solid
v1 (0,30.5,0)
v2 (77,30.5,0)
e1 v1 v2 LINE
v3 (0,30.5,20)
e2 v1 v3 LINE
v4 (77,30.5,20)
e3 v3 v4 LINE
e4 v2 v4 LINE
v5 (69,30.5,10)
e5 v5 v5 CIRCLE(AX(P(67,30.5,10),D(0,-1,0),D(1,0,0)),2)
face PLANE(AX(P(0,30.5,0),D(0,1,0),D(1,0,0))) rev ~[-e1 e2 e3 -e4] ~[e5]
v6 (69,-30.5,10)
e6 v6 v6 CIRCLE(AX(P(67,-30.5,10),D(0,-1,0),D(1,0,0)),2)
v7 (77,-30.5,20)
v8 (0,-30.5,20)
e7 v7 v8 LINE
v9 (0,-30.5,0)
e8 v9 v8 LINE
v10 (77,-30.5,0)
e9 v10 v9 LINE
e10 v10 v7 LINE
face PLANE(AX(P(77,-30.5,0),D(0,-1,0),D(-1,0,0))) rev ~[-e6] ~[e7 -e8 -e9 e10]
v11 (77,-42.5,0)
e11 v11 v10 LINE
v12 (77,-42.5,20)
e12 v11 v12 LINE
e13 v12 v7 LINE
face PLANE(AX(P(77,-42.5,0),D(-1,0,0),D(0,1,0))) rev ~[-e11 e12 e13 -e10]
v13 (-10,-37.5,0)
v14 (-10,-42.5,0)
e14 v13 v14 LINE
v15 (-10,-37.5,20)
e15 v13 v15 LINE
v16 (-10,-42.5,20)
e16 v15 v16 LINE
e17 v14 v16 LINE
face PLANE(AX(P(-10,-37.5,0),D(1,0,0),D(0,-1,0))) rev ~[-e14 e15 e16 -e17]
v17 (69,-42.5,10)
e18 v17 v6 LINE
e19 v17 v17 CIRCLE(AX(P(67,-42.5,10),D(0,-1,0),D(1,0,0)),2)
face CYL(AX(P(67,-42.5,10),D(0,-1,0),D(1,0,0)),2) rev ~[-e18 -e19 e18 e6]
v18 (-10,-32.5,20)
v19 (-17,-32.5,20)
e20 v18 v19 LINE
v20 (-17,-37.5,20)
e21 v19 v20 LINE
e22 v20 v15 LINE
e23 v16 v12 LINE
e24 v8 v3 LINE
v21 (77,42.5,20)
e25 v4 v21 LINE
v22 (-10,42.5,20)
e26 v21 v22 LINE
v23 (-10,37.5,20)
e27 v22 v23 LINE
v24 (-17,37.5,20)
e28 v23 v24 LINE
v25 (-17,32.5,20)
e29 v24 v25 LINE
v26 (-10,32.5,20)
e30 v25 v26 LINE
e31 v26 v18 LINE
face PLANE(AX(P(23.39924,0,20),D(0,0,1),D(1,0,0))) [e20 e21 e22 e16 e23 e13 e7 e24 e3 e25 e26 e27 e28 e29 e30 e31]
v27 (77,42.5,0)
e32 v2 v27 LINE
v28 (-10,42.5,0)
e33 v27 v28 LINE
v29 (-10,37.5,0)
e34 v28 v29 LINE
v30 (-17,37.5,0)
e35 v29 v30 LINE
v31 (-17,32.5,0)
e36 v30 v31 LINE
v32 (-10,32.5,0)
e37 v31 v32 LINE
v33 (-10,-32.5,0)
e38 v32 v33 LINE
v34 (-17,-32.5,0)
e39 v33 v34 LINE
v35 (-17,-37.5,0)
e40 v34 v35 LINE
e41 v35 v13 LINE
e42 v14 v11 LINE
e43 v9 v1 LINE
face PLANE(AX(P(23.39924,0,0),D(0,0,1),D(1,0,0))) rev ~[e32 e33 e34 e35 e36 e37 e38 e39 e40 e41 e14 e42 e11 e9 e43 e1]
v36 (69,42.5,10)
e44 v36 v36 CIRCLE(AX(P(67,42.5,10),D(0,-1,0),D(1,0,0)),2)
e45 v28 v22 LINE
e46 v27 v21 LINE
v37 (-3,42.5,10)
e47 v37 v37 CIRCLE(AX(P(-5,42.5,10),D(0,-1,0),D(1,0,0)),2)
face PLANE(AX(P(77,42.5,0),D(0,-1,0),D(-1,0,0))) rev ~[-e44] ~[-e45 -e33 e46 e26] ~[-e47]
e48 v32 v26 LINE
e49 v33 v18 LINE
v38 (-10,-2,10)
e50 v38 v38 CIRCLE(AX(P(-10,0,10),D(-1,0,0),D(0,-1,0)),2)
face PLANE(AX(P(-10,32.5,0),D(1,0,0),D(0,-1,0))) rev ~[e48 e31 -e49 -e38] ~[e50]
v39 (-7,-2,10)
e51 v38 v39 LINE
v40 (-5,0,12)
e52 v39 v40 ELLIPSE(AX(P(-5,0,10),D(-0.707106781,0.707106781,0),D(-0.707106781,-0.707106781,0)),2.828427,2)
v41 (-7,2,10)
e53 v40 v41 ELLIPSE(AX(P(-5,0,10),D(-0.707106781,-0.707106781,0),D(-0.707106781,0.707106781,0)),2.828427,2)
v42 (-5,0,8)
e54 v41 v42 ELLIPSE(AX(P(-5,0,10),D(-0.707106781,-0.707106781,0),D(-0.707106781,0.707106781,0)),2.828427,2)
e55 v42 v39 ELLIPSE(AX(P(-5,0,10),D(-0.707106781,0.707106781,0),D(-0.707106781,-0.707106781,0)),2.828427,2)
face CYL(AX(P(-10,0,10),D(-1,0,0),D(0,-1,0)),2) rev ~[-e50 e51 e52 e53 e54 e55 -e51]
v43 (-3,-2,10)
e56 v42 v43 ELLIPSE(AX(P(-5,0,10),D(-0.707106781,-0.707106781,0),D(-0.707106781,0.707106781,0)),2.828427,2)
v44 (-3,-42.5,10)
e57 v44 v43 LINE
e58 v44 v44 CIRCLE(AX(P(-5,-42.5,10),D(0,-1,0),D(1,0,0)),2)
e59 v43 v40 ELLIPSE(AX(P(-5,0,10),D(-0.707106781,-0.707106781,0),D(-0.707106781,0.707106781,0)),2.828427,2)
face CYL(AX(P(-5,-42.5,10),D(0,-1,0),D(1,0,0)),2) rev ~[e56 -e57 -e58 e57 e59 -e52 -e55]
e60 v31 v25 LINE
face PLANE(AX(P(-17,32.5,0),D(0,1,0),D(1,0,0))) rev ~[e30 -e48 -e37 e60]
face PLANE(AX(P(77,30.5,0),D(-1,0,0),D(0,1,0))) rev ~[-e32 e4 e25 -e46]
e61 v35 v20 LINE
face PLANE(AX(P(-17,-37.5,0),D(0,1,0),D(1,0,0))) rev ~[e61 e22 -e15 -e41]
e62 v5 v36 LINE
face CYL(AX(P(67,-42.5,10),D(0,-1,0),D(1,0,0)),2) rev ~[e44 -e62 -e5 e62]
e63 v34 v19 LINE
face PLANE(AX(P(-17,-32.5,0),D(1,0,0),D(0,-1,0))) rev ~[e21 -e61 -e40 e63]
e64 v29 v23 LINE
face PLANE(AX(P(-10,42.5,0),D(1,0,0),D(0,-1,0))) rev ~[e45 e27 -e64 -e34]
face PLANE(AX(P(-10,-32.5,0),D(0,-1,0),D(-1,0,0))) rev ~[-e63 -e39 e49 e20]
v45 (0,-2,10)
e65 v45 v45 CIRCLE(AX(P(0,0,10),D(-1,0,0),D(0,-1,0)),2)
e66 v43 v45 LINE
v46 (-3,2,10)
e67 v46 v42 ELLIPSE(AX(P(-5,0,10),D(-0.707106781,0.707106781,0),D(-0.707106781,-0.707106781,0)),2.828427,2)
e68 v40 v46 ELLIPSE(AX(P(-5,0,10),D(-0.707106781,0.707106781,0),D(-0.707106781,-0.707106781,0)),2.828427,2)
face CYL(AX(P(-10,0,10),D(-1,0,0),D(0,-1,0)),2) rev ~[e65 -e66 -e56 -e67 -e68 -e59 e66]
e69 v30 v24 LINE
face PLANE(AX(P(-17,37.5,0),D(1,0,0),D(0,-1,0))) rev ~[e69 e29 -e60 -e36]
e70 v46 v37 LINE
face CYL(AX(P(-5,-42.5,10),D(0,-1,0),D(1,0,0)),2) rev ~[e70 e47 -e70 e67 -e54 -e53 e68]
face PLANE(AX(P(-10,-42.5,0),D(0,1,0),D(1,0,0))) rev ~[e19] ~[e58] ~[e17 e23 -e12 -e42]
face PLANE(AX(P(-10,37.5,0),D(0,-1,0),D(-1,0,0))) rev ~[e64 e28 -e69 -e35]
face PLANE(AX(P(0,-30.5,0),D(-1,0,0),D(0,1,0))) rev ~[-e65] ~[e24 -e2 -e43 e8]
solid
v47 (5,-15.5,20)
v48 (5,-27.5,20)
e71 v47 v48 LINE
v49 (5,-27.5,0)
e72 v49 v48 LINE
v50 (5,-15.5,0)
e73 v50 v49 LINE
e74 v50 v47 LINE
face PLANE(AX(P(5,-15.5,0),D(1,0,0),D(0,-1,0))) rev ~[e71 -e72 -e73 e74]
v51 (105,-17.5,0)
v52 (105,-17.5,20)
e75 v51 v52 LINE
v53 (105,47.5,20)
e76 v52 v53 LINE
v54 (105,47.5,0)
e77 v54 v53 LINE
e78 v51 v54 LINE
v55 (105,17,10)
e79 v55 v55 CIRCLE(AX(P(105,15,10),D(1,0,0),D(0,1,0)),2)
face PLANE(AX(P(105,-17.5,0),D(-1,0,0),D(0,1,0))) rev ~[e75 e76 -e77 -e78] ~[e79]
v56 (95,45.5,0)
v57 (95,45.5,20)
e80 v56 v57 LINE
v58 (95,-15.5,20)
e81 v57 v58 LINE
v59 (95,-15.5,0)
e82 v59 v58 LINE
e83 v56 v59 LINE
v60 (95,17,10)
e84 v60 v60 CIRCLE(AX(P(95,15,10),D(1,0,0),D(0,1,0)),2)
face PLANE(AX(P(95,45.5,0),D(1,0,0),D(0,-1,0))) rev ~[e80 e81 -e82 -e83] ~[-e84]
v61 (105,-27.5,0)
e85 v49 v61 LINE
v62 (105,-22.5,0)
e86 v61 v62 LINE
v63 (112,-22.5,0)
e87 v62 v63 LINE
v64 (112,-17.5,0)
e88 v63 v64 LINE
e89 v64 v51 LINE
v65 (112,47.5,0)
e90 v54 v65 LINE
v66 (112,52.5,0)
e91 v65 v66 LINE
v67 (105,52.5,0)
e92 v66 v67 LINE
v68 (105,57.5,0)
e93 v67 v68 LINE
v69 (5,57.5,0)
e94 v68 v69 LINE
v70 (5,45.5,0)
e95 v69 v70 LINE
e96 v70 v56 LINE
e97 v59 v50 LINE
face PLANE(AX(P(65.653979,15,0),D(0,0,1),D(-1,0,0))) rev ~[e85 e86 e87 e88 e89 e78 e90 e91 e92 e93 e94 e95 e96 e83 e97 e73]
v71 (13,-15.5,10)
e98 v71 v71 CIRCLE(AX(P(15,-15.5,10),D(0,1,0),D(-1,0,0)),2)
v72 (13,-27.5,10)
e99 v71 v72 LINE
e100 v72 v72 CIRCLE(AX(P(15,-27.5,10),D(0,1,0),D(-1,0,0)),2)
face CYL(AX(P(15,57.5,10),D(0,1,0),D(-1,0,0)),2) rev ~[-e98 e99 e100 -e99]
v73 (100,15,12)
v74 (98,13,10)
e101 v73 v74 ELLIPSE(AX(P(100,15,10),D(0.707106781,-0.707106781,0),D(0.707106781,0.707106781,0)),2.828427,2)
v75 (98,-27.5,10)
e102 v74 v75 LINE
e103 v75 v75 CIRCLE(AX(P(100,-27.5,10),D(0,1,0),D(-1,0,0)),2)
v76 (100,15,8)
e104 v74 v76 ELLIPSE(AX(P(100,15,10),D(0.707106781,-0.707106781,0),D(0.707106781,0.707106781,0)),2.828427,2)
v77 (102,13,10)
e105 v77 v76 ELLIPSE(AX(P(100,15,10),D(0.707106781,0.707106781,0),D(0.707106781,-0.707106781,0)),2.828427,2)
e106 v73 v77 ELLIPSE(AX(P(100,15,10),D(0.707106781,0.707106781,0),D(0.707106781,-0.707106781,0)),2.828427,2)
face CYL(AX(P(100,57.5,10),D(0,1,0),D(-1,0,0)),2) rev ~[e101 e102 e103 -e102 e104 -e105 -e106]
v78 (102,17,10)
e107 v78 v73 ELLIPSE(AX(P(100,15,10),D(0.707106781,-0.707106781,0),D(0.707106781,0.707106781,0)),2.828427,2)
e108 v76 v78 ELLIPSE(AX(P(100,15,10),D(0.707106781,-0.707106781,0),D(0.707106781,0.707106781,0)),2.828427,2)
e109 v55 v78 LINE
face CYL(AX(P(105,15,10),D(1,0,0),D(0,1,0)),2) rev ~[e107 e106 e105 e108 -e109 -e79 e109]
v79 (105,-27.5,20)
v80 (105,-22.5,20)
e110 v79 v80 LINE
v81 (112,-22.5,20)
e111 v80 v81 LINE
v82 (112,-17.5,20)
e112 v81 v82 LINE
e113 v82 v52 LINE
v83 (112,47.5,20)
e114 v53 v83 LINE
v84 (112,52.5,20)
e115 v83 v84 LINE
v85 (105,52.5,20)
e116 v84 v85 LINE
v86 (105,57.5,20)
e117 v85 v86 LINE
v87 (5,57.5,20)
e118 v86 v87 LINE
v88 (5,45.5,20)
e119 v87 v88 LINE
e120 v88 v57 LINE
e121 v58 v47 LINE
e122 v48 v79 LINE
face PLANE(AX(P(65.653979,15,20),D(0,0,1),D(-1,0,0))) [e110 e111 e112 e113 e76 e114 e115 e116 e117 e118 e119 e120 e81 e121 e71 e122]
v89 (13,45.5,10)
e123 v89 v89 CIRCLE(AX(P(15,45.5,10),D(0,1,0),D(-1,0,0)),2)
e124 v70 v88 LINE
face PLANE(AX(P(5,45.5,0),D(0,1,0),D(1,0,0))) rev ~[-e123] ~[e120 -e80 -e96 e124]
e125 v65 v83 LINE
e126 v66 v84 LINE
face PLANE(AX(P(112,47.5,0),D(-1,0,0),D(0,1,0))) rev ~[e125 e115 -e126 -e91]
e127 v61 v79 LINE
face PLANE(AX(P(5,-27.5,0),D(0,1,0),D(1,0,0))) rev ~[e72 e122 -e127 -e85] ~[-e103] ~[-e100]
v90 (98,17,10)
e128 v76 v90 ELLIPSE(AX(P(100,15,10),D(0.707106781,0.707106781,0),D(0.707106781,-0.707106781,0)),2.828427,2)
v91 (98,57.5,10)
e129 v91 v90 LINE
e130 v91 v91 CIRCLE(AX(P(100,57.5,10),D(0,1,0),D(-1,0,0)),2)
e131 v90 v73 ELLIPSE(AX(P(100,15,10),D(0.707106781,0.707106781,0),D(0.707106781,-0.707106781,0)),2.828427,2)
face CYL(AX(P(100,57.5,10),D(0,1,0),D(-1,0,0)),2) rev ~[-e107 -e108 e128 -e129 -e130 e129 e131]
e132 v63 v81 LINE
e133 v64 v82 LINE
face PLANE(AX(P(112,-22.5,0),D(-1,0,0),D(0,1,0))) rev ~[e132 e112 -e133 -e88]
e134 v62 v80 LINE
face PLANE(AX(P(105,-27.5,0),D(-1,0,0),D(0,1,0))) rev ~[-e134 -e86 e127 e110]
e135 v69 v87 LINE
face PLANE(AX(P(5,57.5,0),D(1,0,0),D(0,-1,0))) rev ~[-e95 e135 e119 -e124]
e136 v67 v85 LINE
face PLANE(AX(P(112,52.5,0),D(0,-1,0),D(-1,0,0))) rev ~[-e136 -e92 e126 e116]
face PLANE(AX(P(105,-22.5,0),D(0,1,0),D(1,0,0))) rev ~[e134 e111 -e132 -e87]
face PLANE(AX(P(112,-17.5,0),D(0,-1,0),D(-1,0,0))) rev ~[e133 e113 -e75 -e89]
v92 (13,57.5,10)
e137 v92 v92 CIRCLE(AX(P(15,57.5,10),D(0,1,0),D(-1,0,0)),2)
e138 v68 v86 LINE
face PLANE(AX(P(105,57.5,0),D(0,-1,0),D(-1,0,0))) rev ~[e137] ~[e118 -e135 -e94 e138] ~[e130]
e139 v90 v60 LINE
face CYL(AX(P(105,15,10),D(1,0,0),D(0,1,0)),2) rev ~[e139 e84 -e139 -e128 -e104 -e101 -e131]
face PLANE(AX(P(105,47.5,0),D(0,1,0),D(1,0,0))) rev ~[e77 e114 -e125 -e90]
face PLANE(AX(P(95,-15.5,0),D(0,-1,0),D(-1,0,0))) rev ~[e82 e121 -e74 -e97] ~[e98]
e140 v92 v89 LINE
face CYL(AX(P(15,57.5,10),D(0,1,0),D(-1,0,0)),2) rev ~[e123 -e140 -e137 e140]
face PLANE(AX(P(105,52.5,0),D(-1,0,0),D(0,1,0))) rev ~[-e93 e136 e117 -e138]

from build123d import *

# Parameters (mm, degrees)
PAD_DEPTH       = 20
SKETCH004_R     = 2
POCKET002_DEPTH = 87.001
SKETCH005_R     = 2
POCKET003_DEPTH = 85.001
PAD001_DEPTH    = 20
SKETCH007_R     = 2
POCKET004_DEPTH = 100.001
SKETCH008_R     = 2
POCKET005_DEPTH = 85.001


with BuildPart() as soporte_agujero_superior_lateral:
    # Sketch → Pad (new body)
    with BuildSketch(Plane.XY):
        Polygon((-10, -42.5), (77, -42.5), (77, -30.5), (0, -30.5), (0, 30.5), (77, 30.5), (77, 42.5), (-10, 42.5), (-10, 37.5), (-17, 37.5), (-17, 32.5), (-10, 32.5), (-10, -32.5), (-17, -32.5), (-17, -37.5), (-10, -37.5), align=None)
    extrude(amount=PAD_DEPTH)

    # Sketch004 → Pocket002 (cut, through all)
    with BuildSketch(Plane(origin=(-10, 0, 0), x_dir=(0, -1, 0), z_dir=(-1, 0, 0))):
        with Locations((0, 10)):
            Circle(SKETCH004_R)
    extrude(amount=-POCKET002_DEPTH, mode=Mode.SUBTRACT)

    # Sketch005 → Pocket003 (cut, through all)
    with BuildSketch(Plane.XZ.offset(42.5)):
        with Locations((-5, 10)):
            Circle(SKETCH005_R)
        with Locations((67, 10)):
            Circle(SKETCH005_R)
    extrude(amount=-POCKET003_DEPTH, mode=Mode.SUBTRACT)


with BuildPart() as soporte_agujero_superior_lateral001:
    # Sketch006 → Pad001 (new body)
    with BuildSketch(Plane(origin=(95, 15, 0), x_dir=(-1, 0, 0), z_dir=(0, 0, 1))):
        Polygon((-10, -42.5), (90, -42.5), (90, -30.5), (0, -30.5), (0, 30.5), (90, 30.5), (90, 42.5), (-10, 42.5), (-10, 37.5), (-17, 37.5), (-17, 32.5), (-10, 32.5), (-10, -32.5), (-17, -32.5), (-17, -37.5), (-10, -37.5), align=None)
    extrude(amount=PAD001_DEPTH)

    # Sketch007 → Pocket004 (cut, through all)
    with BuildSketch(Plane(origin=(105, 15, 0), x_dir=(0, 1, 0), z_dir=(1, 0, 0))):
        with Locations((0, 10)):
            Circle(SKETCH007_R)
    extrude(amount=-POCKET004_DEPTH, mode=Mode.SUBTRACT)

    # Sketch008 → Pocket005 (cut, through all)
    with BuildSketch(Plane(origin=(95, 57.5, 0), x_dir=(-1, 0, 0), z_dir=(0, 1, 0))):
        with Locations((-5, 10)):
            Circle(SKETCH008_R)
        with Locations((80, 10)):
            Circle(SKETCH008_R)
    extrude(amount=-POCKET005_DEPTH, mode=Mode.SUBTRACT)


solid = Compound([soporte_agujero_superior_lateral.part, soporte_agujero_superior_lateral001.part])
